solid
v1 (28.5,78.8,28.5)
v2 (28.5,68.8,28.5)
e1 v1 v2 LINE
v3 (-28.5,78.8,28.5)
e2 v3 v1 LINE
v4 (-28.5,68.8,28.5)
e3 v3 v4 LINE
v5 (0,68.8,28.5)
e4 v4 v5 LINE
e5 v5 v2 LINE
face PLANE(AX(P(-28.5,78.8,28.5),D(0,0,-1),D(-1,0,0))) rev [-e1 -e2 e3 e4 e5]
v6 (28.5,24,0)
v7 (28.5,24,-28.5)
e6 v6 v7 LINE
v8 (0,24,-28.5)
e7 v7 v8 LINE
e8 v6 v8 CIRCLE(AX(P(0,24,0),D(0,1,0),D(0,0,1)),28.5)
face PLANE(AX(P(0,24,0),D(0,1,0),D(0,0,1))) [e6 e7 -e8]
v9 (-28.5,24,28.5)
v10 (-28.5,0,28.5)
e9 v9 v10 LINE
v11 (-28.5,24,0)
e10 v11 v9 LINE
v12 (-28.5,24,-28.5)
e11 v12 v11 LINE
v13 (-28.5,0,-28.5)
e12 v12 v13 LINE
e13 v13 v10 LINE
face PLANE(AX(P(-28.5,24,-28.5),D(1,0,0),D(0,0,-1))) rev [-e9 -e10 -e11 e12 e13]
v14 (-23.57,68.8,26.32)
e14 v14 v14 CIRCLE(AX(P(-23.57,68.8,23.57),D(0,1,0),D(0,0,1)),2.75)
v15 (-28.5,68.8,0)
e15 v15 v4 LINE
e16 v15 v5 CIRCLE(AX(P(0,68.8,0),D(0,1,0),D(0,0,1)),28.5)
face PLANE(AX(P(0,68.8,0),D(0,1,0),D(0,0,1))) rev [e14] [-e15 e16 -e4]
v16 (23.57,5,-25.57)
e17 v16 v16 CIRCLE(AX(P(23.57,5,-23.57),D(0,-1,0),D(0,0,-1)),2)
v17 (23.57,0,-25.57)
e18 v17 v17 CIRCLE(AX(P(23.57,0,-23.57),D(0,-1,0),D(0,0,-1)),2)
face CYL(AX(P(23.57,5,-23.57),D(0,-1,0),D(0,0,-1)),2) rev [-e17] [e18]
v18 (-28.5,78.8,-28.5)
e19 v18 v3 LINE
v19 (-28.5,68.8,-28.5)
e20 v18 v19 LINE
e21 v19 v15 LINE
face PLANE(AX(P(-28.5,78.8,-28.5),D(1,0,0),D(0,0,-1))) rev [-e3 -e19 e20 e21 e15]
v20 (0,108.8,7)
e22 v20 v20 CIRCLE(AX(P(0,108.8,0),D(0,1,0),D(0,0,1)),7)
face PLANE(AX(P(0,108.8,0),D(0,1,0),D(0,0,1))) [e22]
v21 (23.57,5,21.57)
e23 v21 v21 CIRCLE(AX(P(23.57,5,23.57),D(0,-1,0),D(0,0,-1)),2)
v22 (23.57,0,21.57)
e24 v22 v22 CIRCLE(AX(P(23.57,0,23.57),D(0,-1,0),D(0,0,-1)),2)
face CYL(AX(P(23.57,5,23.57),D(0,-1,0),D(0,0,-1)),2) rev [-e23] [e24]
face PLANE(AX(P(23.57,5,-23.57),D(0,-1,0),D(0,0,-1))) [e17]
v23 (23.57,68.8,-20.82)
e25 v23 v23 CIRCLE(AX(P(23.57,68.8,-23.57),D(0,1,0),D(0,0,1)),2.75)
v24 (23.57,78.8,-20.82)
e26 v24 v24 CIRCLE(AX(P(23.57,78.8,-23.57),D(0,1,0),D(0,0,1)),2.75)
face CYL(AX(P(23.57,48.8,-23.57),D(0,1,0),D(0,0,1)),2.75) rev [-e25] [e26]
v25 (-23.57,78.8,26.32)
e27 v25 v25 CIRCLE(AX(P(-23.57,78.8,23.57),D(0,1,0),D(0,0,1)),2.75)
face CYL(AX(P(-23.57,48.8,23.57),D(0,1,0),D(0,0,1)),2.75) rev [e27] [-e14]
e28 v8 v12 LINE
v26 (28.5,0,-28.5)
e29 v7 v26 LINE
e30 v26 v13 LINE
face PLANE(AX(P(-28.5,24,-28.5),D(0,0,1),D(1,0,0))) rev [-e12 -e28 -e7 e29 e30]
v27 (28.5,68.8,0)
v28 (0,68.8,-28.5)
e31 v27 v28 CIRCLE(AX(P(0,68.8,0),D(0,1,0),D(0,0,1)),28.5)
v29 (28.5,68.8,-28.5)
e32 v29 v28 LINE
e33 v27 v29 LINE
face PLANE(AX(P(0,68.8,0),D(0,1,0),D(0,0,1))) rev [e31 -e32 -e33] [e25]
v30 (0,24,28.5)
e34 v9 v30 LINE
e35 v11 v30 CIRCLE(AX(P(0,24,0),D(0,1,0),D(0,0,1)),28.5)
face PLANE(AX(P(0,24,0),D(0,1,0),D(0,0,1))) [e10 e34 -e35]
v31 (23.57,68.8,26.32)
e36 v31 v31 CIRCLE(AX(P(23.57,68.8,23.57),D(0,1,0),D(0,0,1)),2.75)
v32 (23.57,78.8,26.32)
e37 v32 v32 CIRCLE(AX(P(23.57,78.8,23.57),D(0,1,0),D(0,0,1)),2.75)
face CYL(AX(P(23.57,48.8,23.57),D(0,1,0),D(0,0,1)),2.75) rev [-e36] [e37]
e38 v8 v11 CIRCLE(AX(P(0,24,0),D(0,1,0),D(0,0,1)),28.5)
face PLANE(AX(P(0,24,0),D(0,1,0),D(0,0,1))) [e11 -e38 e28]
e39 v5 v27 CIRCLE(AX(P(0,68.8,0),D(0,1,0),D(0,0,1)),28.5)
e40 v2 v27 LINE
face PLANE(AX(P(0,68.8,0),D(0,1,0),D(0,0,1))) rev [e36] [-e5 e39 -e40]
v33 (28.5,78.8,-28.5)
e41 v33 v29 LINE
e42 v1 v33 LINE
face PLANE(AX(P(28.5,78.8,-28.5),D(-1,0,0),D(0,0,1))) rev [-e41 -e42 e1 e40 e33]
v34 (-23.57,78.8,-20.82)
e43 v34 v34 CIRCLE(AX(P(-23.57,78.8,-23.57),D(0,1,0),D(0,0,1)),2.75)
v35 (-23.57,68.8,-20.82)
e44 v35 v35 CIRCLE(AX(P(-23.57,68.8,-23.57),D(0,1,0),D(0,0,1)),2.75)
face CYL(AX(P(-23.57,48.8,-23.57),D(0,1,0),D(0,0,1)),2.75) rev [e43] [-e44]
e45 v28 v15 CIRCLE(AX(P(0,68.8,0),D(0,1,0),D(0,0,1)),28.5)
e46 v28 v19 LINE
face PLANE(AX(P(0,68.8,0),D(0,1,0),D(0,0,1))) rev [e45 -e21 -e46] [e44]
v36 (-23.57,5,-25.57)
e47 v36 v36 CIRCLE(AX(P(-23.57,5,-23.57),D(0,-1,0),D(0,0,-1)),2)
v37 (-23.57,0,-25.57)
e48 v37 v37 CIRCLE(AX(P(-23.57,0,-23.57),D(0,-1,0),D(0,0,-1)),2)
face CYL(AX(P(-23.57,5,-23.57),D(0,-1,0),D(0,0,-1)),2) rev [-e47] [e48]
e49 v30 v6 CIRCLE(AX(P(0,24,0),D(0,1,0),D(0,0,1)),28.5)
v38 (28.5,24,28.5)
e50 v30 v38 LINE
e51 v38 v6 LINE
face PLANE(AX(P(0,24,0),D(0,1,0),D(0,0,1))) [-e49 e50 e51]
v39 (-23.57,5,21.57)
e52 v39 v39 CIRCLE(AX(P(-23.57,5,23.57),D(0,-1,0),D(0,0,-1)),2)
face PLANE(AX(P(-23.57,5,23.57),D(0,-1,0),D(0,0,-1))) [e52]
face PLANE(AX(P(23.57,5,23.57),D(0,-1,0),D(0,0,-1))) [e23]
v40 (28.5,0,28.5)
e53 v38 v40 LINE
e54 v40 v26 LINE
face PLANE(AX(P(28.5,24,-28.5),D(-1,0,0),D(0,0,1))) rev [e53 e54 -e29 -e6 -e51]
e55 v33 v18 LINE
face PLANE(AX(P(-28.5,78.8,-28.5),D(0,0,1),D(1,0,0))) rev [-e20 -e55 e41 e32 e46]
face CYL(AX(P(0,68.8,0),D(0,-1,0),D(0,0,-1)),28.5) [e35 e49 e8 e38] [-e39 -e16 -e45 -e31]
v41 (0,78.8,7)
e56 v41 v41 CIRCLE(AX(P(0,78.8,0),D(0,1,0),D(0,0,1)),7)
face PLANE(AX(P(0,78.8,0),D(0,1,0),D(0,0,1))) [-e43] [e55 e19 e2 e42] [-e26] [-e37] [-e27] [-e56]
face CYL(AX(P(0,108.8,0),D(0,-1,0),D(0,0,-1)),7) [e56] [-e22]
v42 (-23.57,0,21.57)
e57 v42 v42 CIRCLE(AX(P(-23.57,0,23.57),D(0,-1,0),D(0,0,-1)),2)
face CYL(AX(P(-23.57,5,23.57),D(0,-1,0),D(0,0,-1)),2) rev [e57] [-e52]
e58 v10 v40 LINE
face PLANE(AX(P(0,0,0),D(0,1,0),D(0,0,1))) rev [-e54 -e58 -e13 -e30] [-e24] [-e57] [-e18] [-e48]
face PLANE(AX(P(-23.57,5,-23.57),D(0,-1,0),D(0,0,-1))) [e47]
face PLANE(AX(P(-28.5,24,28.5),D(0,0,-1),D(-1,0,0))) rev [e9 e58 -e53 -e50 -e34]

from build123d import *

# Parameters (mm, degrees)
SKETCH_1_W          = 57
SKETCH_1_H          = 57
EXTRUDE_3_DEPTH     = 24
SKETCH_3_R          = 28.5
EXTRUDE_4_DEPTH     = 44.8
SKETCH_4_W          = 57
SKETCH_4_H          = 57
EXTRUDE_5_DEPTH     = 10
SKETCH_6_R          = 7
EXTRUDE_6_DEPTH     = 30
SKETCH_7_R          = 2.75
CUT_EXTRUDE_1_DEPTH = 30
SKETCH_8_R          = 2
CUT_EXTRUDE_2_DEPTH = 5


with BuildPart() as part:
    # 草图1 → 凸台-拉伸3 (new body)
    with BuildSketch(Plane(origin=(0, 0, 0), x_dir=(1, 0, 0), z_dir=(0, 1, 0))):
        Rectangle(SKETCH_1_W, SKETCH_1_H)
    extrude(amount=EXTRUDE_3_DEPTH)

    # 草图3 → 凸台-拉伸4 (add)
    with BuildSketch(Plane(origin=(0, 24, 0), x_dir=(1, 0, 0), z_dir=(0, 1, 0))):
        Circle(SKETCH_3_R)
    extrude(amount=EXTRUDE_4_DEPTH)

    # 草图4 → 凸台-拉伸5 (add)
    with BuildSketch(Plane(origin=(0, 68.8, 0), x_dir=(1, 0, 0), z_dir=(0, 1, 0))):
        Rectangle(SKETCH_4_W, SKETCH_4_H)
    extrude(amount=EXTRUDE_5_DEPTH)

    # 草图6 → 凸台-拉伸6 (add)
    with BuildSketch(Plane(origin=(0, 78.8, 0), x_dir=(1, 0, 0), z_dir=(0, 1, 0))):
        Circle(SKETCH_6_R)
    extrude(amount=EXTRUDE_6_DEPTH)

    # 草图7 → 切除-拉伸1 (cut)
    with BuildSketch(Plane(origin=(0, 78.8, 0), x_dir=(1, 0, 0), z_dir=(0, 1, 0))):
        with Locations((23.57, -23.57)):
            Circle(SKETCH_7_R)
        with Locations((-23.57, -23.57)):
            Circle(SKETCH_7_R)
        with Locations((-23.57, 23.57)):
            Circle(SKETCH_7_R)
        with Locations((23.57, 23.57)):
            Circle(SKETCH_7_R)
    extrude(amount=-CUT_EXTRUDE_1_DEPTH, mode=Mode.SUBTRACT)

    # 草图8 → 切除-拉伸2 (cut)
    with BuildSketch(Plane(origin=(0, 0, 0), x_dir=(-1, 0, 0), z_dir=(0, -1, 0))):
        with Locations((23.57, 23.57)):
            Circle(SKETCH_8_R)
        with Locations((-23.57, 23.57)):
            Circle(SKETCH_8_R)
        with Locations((-23.57, -23.57)):
            Circle(SKETCH_8_R)
        with Locations((23.57, -23.57)):
            Circle(SKETCH_8_R)
    extrude(amount=-CUT_EXTRUDE_2_DEPTH, mode=Mode.SUBTRACT)


solid = part.part
